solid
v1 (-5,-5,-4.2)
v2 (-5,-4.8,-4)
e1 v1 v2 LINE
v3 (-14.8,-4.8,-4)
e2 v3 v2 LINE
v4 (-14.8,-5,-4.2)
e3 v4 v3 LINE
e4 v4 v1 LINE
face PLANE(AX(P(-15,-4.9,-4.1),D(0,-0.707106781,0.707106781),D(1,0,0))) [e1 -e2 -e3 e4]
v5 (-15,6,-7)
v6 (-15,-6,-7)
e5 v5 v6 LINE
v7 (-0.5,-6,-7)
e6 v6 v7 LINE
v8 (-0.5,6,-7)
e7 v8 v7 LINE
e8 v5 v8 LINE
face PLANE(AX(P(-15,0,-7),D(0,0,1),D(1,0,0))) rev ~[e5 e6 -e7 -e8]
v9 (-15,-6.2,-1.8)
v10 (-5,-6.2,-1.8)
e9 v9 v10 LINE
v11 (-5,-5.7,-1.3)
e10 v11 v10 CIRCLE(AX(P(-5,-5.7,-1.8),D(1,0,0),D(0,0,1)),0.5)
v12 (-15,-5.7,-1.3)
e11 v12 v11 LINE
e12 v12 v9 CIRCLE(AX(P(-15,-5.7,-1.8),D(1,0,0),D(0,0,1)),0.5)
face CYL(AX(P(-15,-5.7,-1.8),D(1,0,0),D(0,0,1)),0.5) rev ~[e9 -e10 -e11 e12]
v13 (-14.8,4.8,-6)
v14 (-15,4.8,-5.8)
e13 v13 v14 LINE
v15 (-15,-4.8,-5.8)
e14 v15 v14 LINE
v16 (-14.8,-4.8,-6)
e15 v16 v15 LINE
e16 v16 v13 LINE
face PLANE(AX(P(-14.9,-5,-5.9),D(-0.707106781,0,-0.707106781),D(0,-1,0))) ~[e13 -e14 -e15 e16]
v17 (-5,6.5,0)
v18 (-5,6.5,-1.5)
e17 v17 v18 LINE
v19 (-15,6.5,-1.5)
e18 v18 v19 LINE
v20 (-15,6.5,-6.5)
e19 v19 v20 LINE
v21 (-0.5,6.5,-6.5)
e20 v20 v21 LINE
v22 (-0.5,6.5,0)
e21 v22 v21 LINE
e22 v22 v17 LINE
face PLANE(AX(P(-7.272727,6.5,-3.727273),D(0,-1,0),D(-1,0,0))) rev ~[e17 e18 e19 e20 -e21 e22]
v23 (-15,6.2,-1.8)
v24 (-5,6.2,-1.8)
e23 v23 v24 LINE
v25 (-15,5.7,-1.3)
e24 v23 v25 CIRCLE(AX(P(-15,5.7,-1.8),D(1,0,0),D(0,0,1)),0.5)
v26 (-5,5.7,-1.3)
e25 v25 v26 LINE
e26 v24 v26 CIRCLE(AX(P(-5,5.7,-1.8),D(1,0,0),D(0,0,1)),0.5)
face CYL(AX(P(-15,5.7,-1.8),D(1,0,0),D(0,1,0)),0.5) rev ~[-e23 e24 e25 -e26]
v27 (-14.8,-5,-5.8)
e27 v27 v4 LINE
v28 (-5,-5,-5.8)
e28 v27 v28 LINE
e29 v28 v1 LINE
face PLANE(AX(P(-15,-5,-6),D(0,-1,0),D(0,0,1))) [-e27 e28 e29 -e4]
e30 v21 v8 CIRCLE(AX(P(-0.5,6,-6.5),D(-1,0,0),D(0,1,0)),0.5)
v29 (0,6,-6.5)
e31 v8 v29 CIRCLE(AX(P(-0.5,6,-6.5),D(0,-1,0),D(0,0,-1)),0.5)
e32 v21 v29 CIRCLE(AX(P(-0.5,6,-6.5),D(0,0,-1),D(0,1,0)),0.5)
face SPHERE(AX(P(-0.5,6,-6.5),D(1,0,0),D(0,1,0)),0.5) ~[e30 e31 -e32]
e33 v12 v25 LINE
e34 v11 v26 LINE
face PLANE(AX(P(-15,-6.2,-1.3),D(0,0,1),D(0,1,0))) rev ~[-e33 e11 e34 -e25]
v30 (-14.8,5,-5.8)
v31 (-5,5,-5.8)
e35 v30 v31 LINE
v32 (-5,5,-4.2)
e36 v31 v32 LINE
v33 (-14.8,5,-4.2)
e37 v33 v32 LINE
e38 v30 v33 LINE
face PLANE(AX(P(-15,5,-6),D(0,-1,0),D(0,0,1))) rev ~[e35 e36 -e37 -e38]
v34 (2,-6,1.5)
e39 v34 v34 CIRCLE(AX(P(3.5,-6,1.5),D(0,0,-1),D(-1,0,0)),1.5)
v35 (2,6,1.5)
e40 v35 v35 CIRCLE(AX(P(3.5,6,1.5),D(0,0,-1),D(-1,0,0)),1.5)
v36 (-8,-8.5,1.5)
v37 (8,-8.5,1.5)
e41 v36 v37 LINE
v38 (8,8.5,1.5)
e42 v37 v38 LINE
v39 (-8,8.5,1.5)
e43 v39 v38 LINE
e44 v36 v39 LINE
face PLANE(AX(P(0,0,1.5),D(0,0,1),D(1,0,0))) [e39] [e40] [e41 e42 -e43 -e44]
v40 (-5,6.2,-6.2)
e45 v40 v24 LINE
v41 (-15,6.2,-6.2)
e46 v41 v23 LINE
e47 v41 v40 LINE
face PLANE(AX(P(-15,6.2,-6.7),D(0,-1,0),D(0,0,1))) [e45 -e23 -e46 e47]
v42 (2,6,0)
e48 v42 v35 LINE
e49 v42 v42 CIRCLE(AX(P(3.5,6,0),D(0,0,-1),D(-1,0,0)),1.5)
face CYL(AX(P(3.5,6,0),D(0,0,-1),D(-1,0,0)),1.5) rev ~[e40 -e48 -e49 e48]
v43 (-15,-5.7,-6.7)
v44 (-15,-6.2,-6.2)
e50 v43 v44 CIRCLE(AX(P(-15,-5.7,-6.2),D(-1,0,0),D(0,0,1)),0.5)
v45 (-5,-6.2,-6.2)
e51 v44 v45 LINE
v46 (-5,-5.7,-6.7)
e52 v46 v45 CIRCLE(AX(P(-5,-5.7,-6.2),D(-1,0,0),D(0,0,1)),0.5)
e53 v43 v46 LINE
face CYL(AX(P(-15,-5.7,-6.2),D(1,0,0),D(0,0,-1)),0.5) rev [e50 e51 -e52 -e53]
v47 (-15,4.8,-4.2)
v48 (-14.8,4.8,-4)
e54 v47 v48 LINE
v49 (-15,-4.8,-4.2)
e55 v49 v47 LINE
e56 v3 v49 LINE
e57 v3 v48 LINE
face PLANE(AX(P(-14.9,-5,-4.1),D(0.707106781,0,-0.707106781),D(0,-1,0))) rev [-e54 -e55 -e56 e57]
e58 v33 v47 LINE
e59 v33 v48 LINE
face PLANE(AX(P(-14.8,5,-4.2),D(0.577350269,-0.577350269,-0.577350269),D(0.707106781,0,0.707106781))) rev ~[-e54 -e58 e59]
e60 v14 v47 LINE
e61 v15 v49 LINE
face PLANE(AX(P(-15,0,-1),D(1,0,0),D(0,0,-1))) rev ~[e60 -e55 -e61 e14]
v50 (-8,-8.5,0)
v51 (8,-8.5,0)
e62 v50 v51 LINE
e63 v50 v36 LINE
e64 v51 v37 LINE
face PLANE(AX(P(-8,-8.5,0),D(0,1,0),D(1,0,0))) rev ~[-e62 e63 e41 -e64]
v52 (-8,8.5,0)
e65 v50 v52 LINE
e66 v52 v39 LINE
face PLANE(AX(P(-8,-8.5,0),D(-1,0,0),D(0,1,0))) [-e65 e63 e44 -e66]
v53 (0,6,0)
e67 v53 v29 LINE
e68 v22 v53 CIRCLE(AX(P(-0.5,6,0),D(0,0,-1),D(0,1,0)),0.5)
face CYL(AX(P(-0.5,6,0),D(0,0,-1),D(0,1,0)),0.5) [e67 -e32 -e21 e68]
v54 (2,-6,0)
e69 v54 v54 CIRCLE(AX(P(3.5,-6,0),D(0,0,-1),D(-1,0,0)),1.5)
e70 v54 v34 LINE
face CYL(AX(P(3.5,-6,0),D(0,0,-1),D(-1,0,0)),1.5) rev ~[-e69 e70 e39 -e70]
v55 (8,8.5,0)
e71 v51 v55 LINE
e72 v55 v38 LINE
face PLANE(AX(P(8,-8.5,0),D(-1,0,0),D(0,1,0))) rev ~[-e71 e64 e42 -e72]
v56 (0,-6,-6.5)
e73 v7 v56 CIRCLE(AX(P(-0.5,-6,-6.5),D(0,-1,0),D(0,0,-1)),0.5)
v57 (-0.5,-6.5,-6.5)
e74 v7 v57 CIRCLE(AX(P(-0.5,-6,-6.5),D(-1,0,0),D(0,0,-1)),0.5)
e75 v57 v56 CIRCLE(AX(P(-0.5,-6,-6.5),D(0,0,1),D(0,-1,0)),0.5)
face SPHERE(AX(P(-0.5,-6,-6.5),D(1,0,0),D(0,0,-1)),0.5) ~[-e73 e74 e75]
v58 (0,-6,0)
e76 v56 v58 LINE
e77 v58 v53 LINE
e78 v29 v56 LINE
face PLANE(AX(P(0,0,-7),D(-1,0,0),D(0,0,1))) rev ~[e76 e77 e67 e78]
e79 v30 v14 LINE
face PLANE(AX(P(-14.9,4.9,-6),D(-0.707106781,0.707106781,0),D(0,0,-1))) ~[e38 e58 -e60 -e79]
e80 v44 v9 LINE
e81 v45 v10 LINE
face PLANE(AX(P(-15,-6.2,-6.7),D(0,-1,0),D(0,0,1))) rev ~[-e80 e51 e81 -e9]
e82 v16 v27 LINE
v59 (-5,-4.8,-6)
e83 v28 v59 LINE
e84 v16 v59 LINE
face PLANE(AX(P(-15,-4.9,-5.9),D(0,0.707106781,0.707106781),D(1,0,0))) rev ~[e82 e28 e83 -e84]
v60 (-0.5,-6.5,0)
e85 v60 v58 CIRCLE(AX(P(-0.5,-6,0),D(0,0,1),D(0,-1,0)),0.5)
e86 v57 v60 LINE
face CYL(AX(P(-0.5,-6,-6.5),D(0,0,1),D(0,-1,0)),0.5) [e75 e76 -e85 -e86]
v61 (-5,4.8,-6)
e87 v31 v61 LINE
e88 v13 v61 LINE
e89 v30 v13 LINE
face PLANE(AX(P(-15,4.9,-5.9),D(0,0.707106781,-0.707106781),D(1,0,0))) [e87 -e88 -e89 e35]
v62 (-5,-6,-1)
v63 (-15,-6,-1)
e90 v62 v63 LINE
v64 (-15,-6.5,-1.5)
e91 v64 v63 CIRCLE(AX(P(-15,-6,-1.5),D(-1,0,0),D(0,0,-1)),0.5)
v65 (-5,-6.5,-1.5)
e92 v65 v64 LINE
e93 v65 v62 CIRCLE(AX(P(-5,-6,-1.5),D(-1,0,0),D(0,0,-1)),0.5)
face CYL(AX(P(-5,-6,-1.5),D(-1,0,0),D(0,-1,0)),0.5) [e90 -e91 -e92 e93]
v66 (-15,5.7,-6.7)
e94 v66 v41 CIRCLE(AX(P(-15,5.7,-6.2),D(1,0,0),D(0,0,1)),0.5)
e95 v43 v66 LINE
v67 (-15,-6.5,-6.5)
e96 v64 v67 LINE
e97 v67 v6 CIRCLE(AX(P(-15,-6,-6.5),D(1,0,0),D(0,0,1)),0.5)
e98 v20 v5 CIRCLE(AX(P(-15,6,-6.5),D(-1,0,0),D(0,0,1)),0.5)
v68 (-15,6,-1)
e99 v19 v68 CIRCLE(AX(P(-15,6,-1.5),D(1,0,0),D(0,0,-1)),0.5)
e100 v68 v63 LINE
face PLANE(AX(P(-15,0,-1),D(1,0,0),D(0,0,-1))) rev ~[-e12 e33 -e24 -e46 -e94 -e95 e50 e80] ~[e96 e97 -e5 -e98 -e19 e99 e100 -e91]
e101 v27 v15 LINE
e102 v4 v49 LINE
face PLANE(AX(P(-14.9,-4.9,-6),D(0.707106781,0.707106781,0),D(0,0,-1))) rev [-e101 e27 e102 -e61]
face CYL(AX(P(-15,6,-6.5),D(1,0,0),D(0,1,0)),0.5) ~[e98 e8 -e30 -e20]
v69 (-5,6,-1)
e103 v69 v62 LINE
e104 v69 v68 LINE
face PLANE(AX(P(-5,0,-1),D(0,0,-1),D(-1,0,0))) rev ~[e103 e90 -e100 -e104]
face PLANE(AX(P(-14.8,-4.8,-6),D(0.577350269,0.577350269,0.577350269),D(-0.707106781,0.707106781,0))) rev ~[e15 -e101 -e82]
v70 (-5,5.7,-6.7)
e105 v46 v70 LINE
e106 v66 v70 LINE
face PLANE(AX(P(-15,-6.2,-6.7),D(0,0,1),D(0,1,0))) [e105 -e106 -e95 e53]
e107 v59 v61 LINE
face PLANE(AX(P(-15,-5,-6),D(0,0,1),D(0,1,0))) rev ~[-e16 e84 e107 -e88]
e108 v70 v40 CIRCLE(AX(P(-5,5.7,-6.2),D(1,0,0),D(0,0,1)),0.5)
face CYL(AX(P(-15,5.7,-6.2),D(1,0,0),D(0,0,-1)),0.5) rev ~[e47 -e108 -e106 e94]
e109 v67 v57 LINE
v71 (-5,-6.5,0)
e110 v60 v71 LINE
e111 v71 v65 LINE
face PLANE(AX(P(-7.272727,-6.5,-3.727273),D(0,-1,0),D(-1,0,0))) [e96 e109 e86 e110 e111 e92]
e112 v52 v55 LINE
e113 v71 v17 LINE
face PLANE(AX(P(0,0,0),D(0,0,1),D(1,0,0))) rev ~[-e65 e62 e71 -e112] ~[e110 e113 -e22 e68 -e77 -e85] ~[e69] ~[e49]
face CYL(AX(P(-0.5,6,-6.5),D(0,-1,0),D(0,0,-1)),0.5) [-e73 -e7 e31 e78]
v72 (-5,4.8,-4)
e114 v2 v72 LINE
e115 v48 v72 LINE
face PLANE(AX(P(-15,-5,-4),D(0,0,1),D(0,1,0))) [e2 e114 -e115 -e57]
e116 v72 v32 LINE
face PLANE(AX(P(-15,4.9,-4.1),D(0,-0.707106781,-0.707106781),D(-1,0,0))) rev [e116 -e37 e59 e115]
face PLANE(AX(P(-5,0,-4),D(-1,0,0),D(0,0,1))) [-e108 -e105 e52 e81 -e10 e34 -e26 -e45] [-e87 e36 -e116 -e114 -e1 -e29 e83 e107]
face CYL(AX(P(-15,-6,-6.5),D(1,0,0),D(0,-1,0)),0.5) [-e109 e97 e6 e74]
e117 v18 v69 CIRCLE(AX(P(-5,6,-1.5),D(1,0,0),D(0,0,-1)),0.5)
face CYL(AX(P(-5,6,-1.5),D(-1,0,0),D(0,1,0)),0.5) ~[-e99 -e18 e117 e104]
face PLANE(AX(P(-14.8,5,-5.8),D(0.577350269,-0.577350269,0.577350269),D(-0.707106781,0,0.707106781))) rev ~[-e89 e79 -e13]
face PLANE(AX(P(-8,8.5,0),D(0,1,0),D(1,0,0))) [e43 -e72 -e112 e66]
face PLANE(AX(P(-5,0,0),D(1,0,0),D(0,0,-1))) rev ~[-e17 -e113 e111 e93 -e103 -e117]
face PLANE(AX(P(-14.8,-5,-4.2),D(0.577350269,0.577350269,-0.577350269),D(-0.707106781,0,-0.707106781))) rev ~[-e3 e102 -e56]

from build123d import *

# Parameters (mm, degrees)
SKETCH1_W           = 16
SKETCH1_H           = 17
BOSS_EXTRUDE1_DEPTH = 1.5
BOSS_EXTRUDE2_DEPTH = 6.5
SKETCH3_W           = 5.4
SKETCH3_H           = 12.4
SKETCH3_W_2         = 2
SKETCH3_H_2         = 10
CUT_EXTRUDE1_DEPTH  = 10
FILLET1_R           = 0.5
FILLET2_R           = 0.5
CHAMFER1_SIZE       = 0.2
SKETCH4_R           = 1.5
CUT_EXTRUDE2_DEPTH  = 10


with BuildPart() as part:
    # Sketch1 → Boss-Extrude1 (new body)
    with BuildSketch(Plane.XY):
        Rectangle(SKETCH1_W, SKETCH1_H)
    extrude(amount=BOSS_EXTRUDE1_DEPTH)

    # Sketch2 → Boss-Extrude2 (add, symmetric)
    with BuildSketch(Plane(origin=(0, 0, 0), x_dir=(1, 0, 0), z_dir=(0, 1, 0))):
        Polygon((-5, 0), (-5, 1), (-15, 1), (-15, 7), (0, 7), (0, 0), align=None)
    extrude(amount=BOSS_EXTRUDE2_DEPTH, both=True)

    # Sketch3 → Cut-Extrude1 (cut)
    with BuildSketch(Plane.ZY.offset(15)):
        with Locations((-4, 0)):
            Rectangle(SKETCH3_W, SKETCH3_H)
        with Locations((-5, 0)):
            Rectangle(SKETCH3_W_2, SKETCH3_H_2, mode=Mode.SUBTRACT)
    extrude(amount=-CUT_EXTRUDE1_DEPTH, mode=Mode.SUBTRACT)

    # Fillet1
    fillet1_edges = [part.edges().sort_by_distance(p)[0] for p in [
        (-7.5, -6.5, -7),
        (-10, -6.5, -1),
        (-7.5, 6.5, -7),
        (-10, 6.5, -1),
        (-10, 6.2, -6.7),
        (-10, 6.2, -1.3),
        (-10, -6.2, -1.3),
        (-10, -6.2, -6.7),
    ]]
    fillet(fillet1_edges, radius=FILLET1_R)

    # Fillet2
    fillet2_edges = [part.edges().sort_by_distance(p)[0] for p in [
        (0, -6.5, -3.25),
        (0, 6.5, -3.25),
        (0, 0, -7),
        (0, 6.353553391, -6.853553391),
        (0, -6.353553391, -6.853553391),
    ]]
    fillet(fillet2_edges, radius=FILLET2_R)

    # Chamfer1
    chamfer1_edges = [part.edges().sort_by_distance(p)[0] for p in [
        (-15, 0, -4),
        (-10, -5, -4),
        (-15, -5, -5),
        (-10, -5, -6),
        (-15, 0, -6),
        (-10, 5, -6),
        (-15, 5, -5),
        (-10, 5, -4),
    ]]
    chamfer(chamfer1_edges, length=CHAMFER1_SIZE)

    # Sketch4 → Cut-Extrude2 (cut)
    with BuildSketch(Plane(origin=(0, 0, 0), x_dir=(-1, 0, 0), z_dir=(0, 0, -1))):
        with Locations((-3.5, 6)):
            Circle(SKETCH4_R)
        with Locations((-3.5, -6)):
            Circle(SKETCH4_R)
    extrude(amount=-CUT_EXTRUDE2_DEPTH, mode=Mode.SUBTRACT)


solid = part.part
